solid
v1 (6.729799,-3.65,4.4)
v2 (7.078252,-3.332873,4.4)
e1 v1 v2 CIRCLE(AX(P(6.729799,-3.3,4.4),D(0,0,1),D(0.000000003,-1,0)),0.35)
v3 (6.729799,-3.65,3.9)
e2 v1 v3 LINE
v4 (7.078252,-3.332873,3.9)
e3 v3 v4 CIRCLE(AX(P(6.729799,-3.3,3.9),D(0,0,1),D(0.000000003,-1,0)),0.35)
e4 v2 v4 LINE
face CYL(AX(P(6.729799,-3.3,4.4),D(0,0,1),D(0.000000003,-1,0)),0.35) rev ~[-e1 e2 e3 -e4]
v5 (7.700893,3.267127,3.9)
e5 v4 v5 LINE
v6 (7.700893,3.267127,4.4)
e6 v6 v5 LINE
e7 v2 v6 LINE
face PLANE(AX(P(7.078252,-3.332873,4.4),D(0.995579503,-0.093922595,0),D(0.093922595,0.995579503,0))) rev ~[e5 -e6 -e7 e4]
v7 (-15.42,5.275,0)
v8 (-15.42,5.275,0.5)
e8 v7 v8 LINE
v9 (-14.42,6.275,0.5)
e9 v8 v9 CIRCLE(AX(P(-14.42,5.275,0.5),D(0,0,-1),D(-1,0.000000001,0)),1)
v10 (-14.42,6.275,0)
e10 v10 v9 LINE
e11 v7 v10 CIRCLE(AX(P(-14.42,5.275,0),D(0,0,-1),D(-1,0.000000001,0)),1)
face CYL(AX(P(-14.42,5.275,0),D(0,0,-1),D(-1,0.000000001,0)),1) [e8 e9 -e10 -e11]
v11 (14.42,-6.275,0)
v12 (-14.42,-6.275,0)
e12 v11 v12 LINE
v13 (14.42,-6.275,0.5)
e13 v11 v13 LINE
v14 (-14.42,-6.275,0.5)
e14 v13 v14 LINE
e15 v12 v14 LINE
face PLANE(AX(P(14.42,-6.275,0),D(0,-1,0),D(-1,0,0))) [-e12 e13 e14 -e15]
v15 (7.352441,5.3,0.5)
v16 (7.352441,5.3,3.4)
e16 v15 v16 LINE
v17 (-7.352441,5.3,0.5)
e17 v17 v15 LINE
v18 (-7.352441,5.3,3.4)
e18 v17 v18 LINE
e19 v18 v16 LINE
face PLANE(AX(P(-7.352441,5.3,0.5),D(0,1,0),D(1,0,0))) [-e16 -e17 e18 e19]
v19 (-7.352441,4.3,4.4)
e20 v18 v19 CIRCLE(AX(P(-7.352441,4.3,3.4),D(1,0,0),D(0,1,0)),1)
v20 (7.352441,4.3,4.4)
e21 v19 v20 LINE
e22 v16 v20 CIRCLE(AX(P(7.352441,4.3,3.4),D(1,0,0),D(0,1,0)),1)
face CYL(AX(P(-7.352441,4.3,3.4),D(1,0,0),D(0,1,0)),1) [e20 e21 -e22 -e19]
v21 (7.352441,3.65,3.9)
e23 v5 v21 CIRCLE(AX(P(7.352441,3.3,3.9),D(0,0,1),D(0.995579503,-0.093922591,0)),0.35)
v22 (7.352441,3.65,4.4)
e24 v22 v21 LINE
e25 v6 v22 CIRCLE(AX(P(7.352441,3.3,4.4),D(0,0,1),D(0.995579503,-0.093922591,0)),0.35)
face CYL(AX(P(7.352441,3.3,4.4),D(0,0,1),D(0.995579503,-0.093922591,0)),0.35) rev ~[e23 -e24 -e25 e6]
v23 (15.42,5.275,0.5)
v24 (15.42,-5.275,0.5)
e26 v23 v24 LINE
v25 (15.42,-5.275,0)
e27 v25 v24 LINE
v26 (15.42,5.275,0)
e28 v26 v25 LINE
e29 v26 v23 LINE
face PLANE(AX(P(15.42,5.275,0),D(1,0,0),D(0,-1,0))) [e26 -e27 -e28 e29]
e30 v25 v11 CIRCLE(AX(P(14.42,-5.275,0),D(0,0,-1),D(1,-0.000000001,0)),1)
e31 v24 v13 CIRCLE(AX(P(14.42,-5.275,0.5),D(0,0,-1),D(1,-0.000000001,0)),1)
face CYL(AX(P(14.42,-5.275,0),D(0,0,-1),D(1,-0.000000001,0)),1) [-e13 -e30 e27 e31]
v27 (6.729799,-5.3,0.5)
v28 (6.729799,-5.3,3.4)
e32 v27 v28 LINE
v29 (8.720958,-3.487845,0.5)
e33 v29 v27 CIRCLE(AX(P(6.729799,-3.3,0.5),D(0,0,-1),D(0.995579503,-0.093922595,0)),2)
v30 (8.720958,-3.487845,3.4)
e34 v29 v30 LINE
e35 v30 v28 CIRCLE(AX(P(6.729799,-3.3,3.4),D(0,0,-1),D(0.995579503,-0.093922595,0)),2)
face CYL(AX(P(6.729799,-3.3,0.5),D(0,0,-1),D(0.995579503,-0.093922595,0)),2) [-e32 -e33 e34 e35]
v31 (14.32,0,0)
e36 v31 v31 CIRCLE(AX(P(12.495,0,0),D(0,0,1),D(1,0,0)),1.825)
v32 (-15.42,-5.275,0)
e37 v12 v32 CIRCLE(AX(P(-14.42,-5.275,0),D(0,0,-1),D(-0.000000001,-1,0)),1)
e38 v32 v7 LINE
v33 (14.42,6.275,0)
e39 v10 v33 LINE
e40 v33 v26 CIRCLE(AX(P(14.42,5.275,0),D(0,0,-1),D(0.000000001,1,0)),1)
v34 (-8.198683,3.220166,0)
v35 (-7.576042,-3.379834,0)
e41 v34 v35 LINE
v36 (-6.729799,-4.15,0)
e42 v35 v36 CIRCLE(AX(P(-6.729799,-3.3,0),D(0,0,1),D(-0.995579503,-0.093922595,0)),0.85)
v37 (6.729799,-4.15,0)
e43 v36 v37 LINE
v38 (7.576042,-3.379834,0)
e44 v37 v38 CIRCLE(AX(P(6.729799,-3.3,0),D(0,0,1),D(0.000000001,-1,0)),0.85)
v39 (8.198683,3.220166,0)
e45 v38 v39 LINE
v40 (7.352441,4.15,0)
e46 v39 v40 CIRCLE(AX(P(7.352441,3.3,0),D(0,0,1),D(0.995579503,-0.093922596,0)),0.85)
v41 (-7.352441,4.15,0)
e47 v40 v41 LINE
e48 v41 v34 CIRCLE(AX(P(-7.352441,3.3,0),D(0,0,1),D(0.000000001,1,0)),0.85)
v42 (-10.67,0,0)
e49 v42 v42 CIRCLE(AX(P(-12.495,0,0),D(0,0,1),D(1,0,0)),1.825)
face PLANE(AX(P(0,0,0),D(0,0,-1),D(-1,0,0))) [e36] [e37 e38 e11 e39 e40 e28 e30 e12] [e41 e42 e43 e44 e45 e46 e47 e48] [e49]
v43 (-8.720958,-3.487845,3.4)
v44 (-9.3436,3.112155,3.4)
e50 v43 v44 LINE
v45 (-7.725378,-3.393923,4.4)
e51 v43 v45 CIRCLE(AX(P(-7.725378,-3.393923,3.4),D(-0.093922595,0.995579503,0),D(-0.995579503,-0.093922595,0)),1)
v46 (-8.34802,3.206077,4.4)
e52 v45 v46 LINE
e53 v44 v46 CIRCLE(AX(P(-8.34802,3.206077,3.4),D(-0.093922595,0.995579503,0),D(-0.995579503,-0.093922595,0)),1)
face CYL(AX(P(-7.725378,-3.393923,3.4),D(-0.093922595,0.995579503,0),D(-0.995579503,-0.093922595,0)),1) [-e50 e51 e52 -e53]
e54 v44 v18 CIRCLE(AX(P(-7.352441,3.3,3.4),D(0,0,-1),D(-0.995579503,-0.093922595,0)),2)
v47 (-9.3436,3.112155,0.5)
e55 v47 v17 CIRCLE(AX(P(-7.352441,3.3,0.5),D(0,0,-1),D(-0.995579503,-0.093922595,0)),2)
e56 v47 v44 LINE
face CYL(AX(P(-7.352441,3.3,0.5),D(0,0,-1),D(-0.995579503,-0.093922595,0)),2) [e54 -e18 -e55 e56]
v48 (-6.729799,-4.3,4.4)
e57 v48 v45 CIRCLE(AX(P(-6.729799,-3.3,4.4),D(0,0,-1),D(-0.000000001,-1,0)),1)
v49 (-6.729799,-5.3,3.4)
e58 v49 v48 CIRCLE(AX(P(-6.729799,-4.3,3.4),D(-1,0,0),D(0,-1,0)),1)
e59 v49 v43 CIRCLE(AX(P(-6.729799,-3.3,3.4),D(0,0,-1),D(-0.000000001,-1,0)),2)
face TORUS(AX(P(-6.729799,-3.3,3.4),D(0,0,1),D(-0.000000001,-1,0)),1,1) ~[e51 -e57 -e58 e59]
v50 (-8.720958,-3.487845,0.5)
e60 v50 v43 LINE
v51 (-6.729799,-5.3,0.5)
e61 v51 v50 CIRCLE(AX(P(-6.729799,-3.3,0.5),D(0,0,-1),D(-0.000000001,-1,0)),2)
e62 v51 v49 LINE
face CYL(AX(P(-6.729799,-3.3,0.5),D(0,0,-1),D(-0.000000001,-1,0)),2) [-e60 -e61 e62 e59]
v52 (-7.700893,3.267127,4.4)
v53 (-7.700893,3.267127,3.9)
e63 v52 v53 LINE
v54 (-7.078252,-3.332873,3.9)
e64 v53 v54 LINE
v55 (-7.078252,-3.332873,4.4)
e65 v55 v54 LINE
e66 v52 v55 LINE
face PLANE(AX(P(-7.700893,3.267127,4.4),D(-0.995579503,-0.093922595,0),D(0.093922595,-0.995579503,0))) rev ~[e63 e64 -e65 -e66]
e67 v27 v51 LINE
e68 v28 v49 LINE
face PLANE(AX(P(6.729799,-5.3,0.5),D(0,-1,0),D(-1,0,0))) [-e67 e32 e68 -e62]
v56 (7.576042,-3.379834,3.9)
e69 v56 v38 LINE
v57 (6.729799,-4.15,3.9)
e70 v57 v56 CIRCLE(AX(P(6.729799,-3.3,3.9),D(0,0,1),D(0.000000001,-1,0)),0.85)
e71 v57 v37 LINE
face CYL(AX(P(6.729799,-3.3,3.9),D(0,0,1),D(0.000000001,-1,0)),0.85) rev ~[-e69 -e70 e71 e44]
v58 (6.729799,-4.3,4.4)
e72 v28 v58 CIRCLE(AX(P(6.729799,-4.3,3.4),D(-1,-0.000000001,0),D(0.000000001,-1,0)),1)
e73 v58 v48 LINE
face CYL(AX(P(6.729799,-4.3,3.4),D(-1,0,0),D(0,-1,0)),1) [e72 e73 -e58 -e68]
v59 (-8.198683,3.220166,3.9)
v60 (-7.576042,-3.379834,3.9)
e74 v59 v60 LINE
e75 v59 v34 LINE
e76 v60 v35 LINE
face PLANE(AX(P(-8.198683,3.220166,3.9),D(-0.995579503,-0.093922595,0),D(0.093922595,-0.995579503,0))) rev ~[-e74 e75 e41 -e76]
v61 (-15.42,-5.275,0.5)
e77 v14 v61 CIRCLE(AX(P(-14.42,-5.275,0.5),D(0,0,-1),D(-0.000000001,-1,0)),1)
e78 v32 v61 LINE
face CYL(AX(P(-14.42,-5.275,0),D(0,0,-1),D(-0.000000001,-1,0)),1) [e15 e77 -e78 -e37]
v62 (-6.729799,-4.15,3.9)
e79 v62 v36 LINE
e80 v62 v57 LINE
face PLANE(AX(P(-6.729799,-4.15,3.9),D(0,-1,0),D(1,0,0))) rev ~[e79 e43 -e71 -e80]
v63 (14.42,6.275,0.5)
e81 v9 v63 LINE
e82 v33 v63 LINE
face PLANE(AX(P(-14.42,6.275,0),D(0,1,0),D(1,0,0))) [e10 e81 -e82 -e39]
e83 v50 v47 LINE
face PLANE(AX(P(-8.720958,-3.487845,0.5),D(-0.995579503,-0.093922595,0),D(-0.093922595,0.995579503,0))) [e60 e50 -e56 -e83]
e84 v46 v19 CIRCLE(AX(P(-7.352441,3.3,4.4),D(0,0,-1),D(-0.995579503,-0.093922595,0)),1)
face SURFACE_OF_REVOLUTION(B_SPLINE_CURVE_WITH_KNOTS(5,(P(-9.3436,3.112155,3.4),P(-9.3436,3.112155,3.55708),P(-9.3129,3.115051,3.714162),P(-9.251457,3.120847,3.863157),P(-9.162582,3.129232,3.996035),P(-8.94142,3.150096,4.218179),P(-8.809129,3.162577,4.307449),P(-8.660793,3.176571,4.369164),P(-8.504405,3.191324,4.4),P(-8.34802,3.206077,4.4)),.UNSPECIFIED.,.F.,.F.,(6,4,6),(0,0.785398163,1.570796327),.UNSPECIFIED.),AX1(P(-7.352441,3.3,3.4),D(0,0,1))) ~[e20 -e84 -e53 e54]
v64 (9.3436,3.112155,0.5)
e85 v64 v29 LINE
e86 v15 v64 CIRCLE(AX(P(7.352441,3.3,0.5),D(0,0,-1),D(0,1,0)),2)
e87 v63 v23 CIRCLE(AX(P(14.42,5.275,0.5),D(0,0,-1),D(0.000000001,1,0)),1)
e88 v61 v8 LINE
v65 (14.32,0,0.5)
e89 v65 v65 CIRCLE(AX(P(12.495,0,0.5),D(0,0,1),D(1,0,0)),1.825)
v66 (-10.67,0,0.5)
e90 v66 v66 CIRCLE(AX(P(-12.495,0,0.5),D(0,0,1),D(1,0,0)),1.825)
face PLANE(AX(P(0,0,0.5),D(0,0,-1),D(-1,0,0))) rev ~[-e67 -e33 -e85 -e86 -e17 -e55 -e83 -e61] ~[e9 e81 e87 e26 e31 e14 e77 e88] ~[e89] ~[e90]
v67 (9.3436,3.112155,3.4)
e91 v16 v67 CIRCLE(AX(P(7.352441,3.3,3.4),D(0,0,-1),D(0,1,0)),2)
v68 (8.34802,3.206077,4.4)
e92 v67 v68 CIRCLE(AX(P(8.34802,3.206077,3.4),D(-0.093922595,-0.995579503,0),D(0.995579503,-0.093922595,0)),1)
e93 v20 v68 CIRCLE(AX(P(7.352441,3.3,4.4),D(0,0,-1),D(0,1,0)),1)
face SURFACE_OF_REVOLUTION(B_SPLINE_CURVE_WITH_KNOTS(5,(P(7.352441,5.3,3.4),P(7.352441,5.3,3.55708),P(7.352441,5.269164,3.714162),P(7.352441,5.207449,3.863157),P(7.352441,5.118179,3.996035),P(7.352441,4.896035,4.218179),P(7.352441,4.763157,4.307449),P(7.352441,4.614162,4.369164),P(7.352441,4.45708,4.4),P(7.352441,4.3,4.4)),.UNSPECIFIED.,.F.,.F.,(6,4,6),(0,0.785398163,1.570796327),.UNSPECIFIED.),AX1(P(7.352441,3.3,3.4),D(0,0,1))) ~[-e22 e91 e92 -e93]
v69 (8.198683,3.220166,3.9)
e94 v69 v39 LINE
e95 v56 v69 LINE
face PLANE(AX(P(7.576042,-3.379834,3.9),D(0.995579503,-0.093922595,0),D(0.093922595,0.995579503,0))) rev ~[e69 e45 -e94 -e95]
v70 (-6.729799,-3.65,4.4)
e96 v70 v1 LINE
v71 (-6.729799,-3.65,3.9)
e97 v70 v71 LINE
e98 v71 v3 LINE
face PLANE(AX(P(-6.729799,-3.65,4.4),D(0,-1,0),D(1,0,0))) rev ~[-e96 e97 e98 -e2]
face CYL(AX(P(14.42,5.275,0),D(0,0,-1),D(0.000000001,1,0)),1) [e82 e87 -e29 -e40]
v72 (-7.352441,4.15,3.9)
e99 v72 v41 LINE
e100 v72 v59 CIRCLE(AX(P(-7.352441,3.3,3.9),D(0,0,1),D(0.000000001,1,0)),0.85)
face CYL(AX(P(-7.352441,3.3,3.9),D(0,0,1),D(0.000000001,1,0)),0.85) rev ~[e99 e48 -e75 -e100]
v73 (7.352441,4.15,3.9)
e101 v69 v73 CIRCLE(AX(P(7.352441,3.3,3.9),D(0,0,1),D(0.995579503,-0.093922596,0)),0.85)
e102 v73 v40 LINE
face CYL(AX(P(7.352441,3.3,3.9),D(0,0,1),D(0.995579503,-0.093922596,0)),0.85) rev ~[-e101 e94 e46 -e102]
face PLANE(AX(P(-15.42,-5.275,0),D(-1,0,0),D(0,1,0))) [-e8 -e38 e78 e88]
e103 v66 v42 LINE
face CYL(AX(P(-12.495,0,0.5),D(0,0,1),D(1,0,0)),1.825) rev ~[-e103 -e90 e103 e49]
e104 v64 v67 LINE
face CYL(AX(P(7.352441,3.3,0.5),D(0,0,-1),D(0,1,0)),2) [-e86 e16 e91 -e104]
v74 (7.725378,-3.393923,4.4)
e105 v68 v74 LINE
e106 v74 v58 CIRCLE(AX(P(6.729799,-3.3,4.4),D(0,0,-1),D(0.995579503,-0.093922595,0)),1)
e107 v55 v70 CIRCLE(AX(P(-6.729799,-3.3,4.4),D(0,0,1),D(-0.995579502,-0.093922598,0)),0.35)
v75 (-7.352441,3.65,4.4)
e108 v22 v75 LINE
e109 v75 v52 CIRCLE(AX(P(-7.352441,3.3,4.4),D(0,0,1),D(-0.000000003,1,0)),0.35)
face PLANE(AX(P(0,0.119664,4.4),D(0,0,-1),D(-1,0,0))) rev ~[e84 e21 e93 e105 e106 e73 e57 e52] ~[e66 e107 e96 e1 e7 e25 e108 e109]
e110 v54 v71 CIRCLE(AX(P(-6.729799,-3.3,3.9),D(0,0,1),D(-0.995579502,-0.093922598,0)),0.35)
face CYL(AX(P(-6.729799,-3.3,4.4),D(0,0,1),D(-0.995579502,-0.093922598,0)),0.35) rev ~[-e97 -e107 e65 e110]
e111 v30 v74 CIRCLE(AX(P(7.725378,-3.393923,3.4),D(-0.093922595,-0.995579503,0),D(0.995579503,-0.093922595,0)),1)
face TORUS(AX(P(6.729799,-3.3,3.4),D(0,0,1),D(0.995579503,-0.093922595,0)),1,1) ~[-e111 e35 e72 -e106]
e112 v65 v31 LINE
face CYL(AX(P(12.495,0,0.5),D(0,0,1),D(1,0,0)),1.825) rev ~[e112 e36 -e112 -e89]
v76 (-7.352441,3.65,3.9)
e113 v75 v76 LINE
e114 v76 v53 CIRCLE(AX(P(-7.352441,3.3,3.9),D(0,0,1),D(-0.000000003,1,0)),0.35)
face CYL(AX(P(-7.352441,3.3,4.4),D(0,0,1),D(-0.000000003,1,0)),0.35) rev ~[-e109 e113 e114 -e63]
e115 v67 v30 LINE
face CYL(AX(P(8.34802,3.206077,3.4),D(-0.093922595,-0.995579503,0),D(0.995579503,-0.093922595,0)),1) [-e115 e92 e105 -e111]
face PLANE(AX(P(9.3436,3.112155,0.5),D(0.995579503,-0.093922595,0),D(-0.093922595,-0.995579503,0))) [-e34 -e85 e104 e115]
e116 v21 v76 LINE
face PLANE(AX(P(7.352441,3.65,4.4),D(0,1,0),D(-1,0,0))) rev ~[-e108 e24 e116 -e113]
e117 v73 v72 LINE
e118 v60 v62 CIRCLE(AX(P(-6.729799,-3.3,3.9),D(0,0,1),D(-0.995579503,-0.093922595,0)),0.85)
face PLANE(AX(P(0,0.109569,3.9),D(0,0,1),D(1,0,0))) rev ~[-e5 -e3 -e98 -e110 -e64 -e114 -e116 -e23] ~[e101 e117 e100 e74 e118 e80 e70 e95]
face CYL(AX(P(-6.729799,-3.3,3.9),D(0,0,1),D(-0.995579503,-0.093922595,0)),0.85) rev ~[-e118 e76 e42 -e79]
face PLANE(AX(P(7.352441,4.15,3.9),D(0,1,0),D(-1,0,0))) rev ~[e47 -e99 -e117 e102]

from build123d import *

# Parameters (mm, degrees)
BOSS_EXTRUDE1_DEPTH = 0.5
SKETCH2_R           = 1.825
CUT_EXTRUDE1_DEPTH  = 0.5
BOSS_EXTRUDE2_DEPTH = 3.9
CUT_EXTRUDE2_DEPTH  = 4.4
CUT_EXTRUDE3_DEPTH  = 3.9
FILLET1_R           = 1


with BuildPart() as part:
    # Sketch1 → Boss-Extrude1 (new body)
    with BuildSketch(Plane.XY):
        with BuildLine():
            Line((-14.42, 6.275), (14.42, 6.275))
            ThreePointArc((14.42, 6.275), (15.127106781, 5.982106781), (15.42, 5.275))
            Line((15.42, 5.275), (15.42, -5.275))
            ThreePointArc((15.42, -5.275), (15.127106781, -5.982106781), (14.42, -6.275))
            Line((14.42, -6.275), (-14.42, -6.275))
            ThreePointArc((-14.42, -6.275), (-15.127106781, -5.982106781), (-15.42, -5.275))
            Line((-15.42, -5.275), (-15.42, 5.275))
            ThreePointArc((-15.42, 5.275), (-15.127106781, 5.982106781), (-14.42, 6.275))
        make_face()
    extrude(amount=BOSS_EXTRUDE1_DEPTH)

    # Sketch2 → Cut-Extrude1 (cut)
    with BuildSketch(Plane.XY.offset(0.5)):
        with Locations((-12.495, 0)):
            Circle(SKETCH2_R)
        with Locations((12.495, 0)):
            Circle(SKETCH2_R)
    extrude(amount=-CUT_EXTRUDE1_DEPTH, mode=Mode.SUBTRACT)

    # Sketch3 → Boss-Extrude2 (add)
    with BuildSketch(Plane.XY.offset(0.5)):
        with BuildLine():
            Line((-7.352440505, 5.3), (7.352440505, 5.3))
            ThreePointArc((7.352440505, 5.3), (8.831577141, 4.646162996), (9.34359951, 3.112154811))
            Line((9.34359951, 3.112154811), (8.720958001, -3.487845189))
            ThreePointArc((8.720958001, -3.487845189), (8.075961991, -4.779136636), (6.729798996, -5.3))
            Line((6.729798996, -5.3), (-6.729798996, -5.3))
            ThreePointArc((-6.729798996, -5.3), (-8.075961991, -4.779136636), (-8.720958001, -3.487845189))
            Line((-8.720958001, -3.487845189), (-9.34359951, 3.112154811))
            ThreePointArc((-9.34359951, 3.112154811), (-8.831577141, 4.646162996), (-7.352440505, 5.3))
        make_face()
    extrude(amount=BOSS_EXTRUDE2_DEPTH)

    # Sketch4 → Cut-Extrude2 (cut)
    with BuildSketch(Plane.XY.offset(4.4)):
        with BuildLine():
            Line((7.078251822, -3.332872908), (7.700893331, 3.267127092))
            ThreePointArc((7.700893331, 3.267127092), (7.611289416, 3.535578524), (7.352440505, 3.65))
            Line((7.352440505, 3.65), (-7.352440505, 3.65))
            ThreePointArc((-7.352440505, 3.65), (-7.611289416, 3.535578524), (-7.700893331, 3.267127092))
            Line((-7.700893331, 3.267127092), (-7.078251822, -3.332872908))
            ThreePointArc((-7.078251822, -3.332872908), (-6.96537752, -3.558848911), (-6.729798996, -3.65))
            Line((-6.729798996, -3.65), (6.729798996, -3.65))
            ThreePointArc((6.729798996, -3.65), (6.96537752, -3.558848911), (7.078251822, -3.332872908))
        make_face()
    extrude(amount=-CUT_EXTRUDE2_DEPTH, mode=Mode.SUBTRACT)

    # Sketch5 → Cut-Extrude3 (cut)
    with BuildSketch(Plane.XY.offset(3.9)):
        with BuildLine():
            Line((7.352440505, 4.15), (-7.352440505, 4.15))
            ThreePointArc((-7.352440505, 4.15), (-7.981073576, 3.872119273), (-8.198683082, 3.220165795))
            Line((-8.198683082, 3.220165795), (-7.576041573, -3.379834205))
            ThreePointArc((-7.576041573, -3.379834205), (-7.301918269, -3.92863307), (-6.729798996, -4.15))
            Line((-6.729798996, -4.15), (6.729798996, -4.15))
            ThreePointArc((6.729798996, -4.15), (7.301918269, -3.92863307), (7.576041573, -3.379834205))
            Line((7.576041573, -3.379834205), (8.198683082, 3.220165795))
            ThreePointArc((8.198683082, 3.220165795), (7.981073576, 3.872119273), (7.352440505, 4.15))
        make_face()
        with BuildLine():
            Line((7.352440505, 3.65), (-7.352440505, 3.65))
            ThreePointArc((-7.352440505, 3.65), (-7.611289416, 3.535578524), (-7.700893331, 3.267127092))
            Line((-7.700893331, 3.267127092), (-7.078251822, -3.332872908))
            ThreePointArc((-7.078251822, -3.332872908), (-6.96537752, -3.558848911), (-6.729798996, -3.65))
            Line((-6.729798996, -3.65), (6.729798996, -3.65))
            ThreePointArc((6.729798996, -3.65), (6.96537752, -3.558848911), (7.078251822, -3.332872908))
            Line((7.078251822, -3.332872908), (7.700893331, 3.267127092))
            ThreePointArc((7.700893331, 3.267127092), (7.611289416, 3.535578524), (7.352440505, 3.65))
        make_face(mode=Mode.SUBTRACT)
    extrude(amount=-CUT_EXTRUDE3_DEPTH, mode=Mode.SUBTRACT)

    # Fillet1
    fillet1_edges = [part.edges().sort_by_distance(p)[0] for p in [
        (8.075961991, -4.779136636, 4.4),
        (9.032278756, -0.187845189, 4.4),
        (8.831577141, 4.646162996, 4.4),
        (0, 5.3, 4.4),
        (-8.831577141, 4.646162996, 4.4),
        (-9.032278756, -0.187845189, 4.4),
        (-8.075961991, -4.779136636, 4.4),
        (0, -5.3, 4.4),
    ]]
    fillet(fillet1_edges, radius=FILLET1_R)


solid = part.part
